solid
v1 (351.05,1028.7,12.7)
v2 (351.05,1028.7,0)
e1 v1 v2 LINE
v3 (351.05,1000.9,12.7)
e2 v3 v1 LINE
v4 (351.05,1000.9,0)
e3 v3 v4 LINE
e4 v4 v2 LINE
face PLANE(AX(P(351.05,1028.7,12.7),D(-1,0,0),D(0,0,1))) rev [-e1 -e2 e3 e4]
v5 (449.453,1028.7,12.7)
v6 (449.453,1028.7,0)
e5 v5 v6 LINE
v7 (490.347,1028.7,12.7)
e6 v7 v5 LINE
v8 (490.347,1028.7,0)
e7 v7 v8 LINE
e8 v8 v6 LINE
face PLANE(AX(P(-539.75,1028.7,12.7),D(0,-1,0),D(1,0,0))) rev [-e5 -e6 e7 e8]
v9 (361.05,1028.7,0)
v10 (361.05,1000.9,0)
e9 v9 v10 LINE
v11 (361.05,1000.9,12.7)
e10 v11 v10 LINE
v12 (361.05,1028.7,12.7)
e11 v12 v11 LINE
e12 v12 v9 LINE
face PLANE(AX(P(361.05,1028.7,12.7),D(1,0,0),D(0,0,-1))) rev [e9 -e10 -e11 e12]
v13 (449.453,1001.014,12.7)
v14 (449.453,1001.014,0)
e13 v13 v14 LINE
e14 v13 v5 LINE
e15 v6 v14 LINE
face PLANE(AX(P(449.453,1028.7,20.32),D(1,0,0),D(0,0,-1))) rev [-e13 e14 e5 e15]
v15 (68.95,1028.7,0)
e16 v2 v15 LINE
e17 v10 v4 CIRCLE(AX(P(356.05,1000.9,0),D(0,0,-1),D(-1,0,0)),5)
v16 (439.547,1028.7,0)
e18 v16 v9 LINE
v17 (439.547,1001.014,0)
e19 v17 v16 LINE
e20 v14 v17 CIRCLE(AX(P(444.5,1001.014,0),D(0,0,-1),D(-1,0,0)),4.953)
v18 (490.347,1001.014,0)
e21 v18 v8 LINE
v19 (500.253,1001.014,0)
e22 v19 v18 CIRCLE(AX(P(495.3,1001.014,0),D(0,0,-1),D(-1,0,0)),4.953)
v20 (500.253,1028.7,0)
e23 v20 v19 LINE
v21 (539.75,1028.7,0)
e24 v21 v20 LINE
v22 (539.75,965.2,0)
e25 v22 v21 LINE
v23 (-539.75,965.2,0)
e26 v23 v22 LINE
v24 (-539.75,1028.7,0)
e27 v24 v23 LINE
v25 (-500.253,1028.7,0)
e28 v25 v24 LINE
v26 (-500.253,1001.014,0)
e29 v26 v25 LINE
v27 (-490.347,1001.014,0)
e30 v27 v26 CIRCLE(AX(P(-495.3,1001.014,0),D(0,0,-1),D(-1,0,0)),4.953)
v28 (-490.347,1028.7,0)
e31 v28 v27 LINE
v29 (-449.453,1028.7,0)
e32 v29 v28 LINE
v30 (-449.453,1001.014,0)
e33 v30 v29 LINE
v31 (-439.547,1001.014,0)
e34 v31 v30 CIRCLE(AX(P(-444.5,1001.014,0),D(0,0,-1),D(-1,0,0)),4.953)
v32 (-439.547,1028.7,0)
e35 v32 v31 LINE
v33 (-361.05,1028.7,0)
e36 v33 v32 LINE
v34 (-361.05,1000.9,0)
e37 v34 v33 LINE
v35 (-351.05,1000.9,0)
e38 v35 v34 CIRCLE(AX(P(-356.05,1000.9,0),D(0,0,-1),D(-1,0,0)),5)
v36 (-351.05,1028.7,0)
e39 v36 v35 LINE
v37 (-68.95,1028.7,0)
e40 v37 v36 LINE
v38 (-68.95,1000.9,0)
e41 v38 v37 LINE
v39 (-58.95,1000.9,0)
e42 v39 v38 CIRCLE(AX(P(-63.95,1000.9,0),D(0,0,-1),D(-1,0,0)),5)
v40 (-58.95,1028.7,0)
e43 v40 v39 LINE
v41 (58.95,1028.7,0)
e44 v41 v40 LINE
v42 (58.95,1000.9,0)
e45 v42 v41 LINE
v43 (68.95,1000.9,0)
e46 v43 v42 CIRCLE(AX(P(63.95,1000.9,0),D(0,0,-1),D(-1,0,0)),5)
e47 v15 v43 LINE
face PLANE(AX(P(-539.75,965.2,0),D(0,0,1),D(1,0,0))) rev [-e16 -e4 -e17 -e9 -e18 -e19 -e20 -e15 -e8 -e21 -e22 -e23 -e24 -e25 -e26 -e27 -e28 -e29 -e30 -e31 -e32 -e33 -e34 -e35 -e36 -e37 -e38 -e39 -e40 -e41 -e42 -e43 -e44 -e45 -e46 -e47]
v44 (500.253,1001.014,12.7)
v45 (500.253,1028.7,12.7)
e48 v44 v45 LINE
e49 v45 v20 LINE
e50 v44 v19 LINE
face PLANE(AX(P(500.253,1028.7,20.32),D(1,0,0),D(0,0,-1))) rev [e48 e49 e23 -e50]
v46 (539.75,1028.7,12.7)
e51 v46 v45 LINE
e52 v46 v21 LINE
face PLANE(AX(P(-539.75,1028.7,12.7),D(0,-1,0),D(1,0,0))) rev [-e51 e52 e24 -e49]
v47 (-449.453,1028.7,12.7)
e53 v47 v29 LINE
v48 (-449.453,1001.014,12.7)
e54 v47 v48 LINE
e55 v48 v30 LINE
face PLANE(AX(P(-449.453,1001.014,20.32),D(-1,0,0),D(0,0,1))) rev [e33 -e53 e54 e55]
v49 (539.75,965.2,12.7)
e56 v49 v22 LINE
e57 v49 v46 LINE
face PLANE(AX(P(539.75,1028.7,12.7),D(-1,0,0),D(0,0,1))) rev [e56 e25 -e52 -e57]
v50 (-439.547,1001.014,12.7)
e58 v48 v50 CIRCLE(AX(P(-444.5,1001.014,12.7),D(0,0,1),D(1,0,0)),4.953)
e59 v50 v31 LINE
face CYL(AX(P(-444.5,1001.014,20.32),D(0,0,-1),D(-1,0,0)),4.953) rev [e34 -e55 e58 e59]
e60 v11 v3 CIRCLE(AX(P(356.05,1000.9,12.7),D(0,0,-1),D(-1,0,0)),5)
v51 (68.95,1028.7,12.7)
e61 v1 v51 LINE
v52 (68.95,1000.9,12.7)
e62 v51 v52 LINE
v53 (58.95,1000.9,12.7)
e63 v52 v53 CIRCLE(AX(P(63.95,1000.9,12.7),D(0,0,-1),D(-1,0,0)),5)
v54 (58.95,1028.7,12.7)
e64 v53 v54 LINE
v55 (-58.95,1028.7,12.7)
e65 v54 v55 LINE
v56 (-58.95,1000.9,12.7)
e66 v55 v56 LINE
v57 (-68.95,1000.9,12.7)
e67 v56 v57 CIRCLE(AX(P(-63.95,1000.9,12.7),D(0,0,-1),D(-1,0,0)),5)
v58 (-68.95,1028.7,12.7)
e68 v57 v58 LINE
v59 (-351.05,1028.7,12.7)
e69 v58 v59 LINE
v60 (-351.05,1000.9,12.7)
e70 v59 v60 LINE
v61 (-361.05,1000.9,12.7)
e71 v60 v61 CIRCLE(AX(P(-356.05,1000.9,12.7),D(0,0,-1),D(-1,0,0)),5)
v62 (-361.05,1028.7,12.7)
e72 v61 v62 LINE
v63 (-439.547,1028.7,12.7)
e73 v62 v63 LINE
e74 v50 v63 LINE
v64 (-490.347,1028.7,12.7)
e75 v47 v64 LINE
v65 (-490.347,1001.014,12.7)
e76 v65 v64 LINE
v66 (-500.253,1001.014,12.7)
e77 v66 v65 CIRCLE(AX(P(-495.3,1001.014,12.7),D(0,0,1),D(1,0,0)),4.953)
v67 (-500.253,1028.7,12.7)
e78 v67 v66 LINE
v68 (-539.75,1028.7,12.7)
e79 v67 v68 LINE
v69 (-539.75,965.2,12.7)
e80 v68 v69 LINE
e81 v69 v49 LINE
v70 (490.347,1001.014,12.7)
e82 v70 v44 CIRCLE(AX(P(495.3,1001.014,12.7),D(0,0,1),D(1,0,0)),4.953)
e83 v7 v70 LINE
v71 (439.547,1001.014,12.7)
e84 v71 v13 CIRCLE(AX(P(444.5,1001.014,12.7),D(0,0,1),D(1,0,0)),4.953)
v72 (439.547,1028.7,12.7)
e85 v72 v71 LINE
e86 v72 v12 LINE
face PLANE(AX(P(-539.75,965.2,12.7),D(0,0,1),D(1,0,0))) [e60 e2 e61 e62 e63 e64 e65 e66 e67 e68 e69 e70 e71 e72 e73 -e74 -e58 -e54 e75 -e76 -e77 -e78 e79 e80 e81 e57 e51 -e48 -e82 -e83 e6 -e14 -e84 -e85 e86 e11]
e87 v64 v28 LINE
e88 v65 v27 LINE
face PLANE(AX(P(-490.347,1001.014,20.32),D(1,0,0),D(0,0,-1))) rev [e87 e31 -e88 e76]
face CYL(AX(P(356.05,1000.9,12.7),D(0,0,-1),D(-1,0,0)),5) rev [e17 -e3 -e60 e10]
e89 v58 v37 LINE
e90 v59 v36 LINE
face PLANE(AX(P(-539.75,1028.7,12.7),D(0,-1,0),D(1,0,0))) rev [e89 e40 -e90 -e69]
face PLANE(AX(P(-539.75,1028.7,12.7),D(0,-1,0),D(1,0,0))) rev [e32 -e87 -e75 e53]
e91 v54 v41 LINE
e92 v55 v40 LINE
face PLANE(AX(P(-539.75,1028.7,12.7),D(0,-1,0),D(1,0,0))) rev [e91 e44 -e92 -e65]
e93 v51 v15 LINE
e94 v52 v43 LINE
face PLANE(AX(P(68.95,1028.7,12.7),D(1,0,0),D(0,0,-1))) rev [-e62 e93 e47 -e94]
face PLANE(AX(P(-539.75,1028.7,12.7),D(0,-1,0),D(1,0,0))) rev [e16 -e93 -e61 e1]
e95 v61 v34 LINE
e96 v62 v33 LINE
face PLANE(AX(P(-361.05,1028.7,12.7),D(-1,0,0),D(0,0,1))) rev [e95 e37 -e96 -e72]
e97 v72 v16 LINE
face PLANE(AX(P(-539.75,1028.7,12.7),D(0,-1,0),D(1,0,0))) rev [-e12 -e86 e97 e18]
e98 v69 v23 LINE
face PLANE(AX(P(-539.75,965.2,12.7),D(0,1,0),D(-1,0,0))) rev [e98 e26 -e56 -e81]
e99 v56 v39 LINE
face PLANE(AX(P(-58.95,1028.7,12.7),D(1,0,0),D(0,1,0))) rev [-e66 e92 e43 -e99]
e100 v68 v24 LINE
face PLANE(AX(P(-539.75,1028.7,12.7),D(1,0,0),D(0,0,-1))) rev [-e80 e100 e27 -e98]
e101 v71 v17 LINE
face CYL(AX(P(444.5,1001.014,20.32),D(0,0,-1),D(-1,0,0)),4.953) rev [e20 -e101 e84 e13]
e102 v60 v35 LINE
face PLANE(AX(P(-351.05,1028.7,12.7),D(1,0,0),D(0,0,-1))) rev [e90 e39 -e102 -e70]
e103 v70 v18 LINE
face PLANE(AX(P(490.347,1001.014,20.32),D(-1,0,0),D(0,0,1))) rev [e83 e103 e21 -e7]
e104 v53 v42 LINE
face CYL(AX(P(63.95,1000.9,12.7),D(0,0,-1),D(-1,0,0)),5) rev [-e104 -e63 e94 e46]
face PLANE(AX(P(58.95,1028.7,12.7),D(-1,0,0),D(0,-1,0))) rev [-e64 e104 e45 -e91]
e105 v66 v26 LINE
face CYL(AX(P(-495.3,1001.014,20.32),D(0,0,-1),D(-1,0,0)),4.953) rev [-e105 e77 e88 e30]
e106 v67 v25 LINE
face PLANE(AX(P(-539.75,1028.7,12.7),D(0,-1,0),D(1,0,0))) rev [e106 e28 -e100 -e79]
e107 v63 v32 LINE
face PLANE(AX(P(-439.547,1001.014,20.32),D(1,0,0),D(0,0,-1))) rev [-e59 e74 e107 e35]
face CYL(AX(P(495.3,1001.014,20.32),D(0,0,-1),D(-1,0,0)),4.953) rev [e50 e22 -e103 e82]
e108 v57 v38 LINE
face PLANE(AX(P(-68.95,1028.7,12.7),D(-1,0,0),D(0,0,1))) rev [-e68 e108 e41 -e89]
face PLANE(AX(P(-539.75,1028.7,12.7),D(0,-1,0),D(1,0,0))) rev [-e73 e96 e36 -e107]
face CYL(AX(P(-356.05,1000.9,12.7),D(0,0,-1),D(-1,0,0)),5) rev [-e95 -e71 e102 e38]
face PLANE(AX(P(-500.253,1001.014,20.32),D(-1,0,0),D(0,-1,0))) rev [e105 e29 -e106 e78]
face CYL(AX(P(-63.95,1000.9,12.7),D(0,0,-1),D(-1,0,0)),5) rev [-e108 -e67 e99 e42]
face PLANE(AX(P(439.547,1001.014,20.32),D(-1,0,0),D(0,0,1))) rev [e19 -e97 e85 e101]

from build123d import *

# Parameters (mm, degrees)
SKETCH1_W          = 1079.5
SKETCH1_H          = 63.5
EXTRUDE1_DEPTH     = 12.7
CUT_EXTRUDE1_DEPTH = 13.7
CUT_EXTRUDE2_DEPTH = 20.32


with BuildPart() as part:
    # Sketch1 → Extrude1 (new body)
    with BuildSketch(Plane.XY):
        with Locations((0, 996.95)):
            Rectangle(SKETCH1_W, SKETCH1_H)
    extrude(amount=EXTRUDE1_DEPTH)

    # Sketch4 → Cut-Extrude1 (cut, through all)
    with BuildSketch(Plane(origin=(0, 0, 0), x_dir=(-1, 0, 0), z_dir=(0, 0, -1))):
        with BuildLine():
            Line((-68.95, 1028.7), (-68.95, 1000.9))
            ThreePointArc((-68.95, 1000.9), (-63.95, 995.9), (-58.95, 1000.9))
            Line((-58.95, 1000.9), (-58.95, 1028.7))
            Line((-58.95, 1028.7), (-68.95, 1028.7))
        make_face()
        with BuildLine():
            Line((-351.05, 1028.7), (-361.05, 1028.7))
            Line((-361.05, 1028.7), (-361.05, 1000.9))
            ThreePointArc((-361.05, 1000.9), (-356.05, 995.9), (-351.05, 1000.9))
            Line((-351.05, 1000.9), (-351.05, 1028.7))
        make_face()
        with BuildLine():
            Line((58.95, 1028.7), (58.95, 1000.9))
            ThreePointArc((58.95, 1000.9), (63.95, 995.9), (68.95, 1000.9))
            Line((68.95, 1000.9), (68.95, 1028.7))
            Line((68.95, 1028.7), (58.95, 1028.7))
        make_face()
        with BuildLine():
            Line((351.05, 1028.7), (351.05, 1000.9))
            ThreePointArc((351.05, 1000.9), (356.05, 995.9), (361.05, 1000.9))
            Line((361.05, 1000.9), (361.05, 1028.7))
            Line((361.05, 1028.7), (351.05, 1028.7))
        make_face()
    extrude(amount=-CUT_EXTRUDE1_DEPTH, mode=Mode.SUBTRACT)

    # Sketch6 → Cut-Extrude2 (cut)
    with BuildSketch(Plane(origin=(0, 0, 0), x_dir=(-1, 0, 0), z_dir=(0, 0, -1))):
        with BuildLine():
            Line((-449.453, 1028.7), (-439.547, 1028.7))
            Line((-439.547, 1028.7), (-439.547, 1001.014))
            ThreePointArc((-439.547, 1001.014), (-444.5, 996.061), (-449.453, 1001.014))
            Line((-449.453, 1001.014), (-449.453, 1028.7))
        make_face()
        with BuildLine():
            Line((439.547, 1028.7), (449.453, 1028.7))
            Line((449.453, 1028.7), (449.453, 1001.014))
            ThreePointArc((449.453, 1001.014), (444.5, 996.061), (439.547, 1001.014))
            Line((439.547, 1001.014), (439.547, 1028.7))
        make_face()
        with BuildLine():
            Line((490.347, 1001.014), (490.347, 1028.7))
            Line((490.347, 1028.7), (500.253, 1028.7))
            Line((500.253, 1028.7), (500.253, 1001.014))
            ThreePointArc((500.253, 1001.014), (495.3, 996.061), (490.347, 1001.014))
        make_face()
        with BuildLine():
            Line((-490.347, 1001.014), (-490.347, 1028.7))
            Line((-490.347, 1028.7), (-500.253, 1028.7))
            Line((-500.253, 1028.7), (-500.253, 1001.014))
            ThreePointArc((-500.253, 1001.014), (-495.3, 996.061), (-490.347, 1001.014))
        make_face()
    extrude(amount=-CUT_EXTRUDE2_DEPTH, mode=Mode.SUBTRACT)


solid = part.part
